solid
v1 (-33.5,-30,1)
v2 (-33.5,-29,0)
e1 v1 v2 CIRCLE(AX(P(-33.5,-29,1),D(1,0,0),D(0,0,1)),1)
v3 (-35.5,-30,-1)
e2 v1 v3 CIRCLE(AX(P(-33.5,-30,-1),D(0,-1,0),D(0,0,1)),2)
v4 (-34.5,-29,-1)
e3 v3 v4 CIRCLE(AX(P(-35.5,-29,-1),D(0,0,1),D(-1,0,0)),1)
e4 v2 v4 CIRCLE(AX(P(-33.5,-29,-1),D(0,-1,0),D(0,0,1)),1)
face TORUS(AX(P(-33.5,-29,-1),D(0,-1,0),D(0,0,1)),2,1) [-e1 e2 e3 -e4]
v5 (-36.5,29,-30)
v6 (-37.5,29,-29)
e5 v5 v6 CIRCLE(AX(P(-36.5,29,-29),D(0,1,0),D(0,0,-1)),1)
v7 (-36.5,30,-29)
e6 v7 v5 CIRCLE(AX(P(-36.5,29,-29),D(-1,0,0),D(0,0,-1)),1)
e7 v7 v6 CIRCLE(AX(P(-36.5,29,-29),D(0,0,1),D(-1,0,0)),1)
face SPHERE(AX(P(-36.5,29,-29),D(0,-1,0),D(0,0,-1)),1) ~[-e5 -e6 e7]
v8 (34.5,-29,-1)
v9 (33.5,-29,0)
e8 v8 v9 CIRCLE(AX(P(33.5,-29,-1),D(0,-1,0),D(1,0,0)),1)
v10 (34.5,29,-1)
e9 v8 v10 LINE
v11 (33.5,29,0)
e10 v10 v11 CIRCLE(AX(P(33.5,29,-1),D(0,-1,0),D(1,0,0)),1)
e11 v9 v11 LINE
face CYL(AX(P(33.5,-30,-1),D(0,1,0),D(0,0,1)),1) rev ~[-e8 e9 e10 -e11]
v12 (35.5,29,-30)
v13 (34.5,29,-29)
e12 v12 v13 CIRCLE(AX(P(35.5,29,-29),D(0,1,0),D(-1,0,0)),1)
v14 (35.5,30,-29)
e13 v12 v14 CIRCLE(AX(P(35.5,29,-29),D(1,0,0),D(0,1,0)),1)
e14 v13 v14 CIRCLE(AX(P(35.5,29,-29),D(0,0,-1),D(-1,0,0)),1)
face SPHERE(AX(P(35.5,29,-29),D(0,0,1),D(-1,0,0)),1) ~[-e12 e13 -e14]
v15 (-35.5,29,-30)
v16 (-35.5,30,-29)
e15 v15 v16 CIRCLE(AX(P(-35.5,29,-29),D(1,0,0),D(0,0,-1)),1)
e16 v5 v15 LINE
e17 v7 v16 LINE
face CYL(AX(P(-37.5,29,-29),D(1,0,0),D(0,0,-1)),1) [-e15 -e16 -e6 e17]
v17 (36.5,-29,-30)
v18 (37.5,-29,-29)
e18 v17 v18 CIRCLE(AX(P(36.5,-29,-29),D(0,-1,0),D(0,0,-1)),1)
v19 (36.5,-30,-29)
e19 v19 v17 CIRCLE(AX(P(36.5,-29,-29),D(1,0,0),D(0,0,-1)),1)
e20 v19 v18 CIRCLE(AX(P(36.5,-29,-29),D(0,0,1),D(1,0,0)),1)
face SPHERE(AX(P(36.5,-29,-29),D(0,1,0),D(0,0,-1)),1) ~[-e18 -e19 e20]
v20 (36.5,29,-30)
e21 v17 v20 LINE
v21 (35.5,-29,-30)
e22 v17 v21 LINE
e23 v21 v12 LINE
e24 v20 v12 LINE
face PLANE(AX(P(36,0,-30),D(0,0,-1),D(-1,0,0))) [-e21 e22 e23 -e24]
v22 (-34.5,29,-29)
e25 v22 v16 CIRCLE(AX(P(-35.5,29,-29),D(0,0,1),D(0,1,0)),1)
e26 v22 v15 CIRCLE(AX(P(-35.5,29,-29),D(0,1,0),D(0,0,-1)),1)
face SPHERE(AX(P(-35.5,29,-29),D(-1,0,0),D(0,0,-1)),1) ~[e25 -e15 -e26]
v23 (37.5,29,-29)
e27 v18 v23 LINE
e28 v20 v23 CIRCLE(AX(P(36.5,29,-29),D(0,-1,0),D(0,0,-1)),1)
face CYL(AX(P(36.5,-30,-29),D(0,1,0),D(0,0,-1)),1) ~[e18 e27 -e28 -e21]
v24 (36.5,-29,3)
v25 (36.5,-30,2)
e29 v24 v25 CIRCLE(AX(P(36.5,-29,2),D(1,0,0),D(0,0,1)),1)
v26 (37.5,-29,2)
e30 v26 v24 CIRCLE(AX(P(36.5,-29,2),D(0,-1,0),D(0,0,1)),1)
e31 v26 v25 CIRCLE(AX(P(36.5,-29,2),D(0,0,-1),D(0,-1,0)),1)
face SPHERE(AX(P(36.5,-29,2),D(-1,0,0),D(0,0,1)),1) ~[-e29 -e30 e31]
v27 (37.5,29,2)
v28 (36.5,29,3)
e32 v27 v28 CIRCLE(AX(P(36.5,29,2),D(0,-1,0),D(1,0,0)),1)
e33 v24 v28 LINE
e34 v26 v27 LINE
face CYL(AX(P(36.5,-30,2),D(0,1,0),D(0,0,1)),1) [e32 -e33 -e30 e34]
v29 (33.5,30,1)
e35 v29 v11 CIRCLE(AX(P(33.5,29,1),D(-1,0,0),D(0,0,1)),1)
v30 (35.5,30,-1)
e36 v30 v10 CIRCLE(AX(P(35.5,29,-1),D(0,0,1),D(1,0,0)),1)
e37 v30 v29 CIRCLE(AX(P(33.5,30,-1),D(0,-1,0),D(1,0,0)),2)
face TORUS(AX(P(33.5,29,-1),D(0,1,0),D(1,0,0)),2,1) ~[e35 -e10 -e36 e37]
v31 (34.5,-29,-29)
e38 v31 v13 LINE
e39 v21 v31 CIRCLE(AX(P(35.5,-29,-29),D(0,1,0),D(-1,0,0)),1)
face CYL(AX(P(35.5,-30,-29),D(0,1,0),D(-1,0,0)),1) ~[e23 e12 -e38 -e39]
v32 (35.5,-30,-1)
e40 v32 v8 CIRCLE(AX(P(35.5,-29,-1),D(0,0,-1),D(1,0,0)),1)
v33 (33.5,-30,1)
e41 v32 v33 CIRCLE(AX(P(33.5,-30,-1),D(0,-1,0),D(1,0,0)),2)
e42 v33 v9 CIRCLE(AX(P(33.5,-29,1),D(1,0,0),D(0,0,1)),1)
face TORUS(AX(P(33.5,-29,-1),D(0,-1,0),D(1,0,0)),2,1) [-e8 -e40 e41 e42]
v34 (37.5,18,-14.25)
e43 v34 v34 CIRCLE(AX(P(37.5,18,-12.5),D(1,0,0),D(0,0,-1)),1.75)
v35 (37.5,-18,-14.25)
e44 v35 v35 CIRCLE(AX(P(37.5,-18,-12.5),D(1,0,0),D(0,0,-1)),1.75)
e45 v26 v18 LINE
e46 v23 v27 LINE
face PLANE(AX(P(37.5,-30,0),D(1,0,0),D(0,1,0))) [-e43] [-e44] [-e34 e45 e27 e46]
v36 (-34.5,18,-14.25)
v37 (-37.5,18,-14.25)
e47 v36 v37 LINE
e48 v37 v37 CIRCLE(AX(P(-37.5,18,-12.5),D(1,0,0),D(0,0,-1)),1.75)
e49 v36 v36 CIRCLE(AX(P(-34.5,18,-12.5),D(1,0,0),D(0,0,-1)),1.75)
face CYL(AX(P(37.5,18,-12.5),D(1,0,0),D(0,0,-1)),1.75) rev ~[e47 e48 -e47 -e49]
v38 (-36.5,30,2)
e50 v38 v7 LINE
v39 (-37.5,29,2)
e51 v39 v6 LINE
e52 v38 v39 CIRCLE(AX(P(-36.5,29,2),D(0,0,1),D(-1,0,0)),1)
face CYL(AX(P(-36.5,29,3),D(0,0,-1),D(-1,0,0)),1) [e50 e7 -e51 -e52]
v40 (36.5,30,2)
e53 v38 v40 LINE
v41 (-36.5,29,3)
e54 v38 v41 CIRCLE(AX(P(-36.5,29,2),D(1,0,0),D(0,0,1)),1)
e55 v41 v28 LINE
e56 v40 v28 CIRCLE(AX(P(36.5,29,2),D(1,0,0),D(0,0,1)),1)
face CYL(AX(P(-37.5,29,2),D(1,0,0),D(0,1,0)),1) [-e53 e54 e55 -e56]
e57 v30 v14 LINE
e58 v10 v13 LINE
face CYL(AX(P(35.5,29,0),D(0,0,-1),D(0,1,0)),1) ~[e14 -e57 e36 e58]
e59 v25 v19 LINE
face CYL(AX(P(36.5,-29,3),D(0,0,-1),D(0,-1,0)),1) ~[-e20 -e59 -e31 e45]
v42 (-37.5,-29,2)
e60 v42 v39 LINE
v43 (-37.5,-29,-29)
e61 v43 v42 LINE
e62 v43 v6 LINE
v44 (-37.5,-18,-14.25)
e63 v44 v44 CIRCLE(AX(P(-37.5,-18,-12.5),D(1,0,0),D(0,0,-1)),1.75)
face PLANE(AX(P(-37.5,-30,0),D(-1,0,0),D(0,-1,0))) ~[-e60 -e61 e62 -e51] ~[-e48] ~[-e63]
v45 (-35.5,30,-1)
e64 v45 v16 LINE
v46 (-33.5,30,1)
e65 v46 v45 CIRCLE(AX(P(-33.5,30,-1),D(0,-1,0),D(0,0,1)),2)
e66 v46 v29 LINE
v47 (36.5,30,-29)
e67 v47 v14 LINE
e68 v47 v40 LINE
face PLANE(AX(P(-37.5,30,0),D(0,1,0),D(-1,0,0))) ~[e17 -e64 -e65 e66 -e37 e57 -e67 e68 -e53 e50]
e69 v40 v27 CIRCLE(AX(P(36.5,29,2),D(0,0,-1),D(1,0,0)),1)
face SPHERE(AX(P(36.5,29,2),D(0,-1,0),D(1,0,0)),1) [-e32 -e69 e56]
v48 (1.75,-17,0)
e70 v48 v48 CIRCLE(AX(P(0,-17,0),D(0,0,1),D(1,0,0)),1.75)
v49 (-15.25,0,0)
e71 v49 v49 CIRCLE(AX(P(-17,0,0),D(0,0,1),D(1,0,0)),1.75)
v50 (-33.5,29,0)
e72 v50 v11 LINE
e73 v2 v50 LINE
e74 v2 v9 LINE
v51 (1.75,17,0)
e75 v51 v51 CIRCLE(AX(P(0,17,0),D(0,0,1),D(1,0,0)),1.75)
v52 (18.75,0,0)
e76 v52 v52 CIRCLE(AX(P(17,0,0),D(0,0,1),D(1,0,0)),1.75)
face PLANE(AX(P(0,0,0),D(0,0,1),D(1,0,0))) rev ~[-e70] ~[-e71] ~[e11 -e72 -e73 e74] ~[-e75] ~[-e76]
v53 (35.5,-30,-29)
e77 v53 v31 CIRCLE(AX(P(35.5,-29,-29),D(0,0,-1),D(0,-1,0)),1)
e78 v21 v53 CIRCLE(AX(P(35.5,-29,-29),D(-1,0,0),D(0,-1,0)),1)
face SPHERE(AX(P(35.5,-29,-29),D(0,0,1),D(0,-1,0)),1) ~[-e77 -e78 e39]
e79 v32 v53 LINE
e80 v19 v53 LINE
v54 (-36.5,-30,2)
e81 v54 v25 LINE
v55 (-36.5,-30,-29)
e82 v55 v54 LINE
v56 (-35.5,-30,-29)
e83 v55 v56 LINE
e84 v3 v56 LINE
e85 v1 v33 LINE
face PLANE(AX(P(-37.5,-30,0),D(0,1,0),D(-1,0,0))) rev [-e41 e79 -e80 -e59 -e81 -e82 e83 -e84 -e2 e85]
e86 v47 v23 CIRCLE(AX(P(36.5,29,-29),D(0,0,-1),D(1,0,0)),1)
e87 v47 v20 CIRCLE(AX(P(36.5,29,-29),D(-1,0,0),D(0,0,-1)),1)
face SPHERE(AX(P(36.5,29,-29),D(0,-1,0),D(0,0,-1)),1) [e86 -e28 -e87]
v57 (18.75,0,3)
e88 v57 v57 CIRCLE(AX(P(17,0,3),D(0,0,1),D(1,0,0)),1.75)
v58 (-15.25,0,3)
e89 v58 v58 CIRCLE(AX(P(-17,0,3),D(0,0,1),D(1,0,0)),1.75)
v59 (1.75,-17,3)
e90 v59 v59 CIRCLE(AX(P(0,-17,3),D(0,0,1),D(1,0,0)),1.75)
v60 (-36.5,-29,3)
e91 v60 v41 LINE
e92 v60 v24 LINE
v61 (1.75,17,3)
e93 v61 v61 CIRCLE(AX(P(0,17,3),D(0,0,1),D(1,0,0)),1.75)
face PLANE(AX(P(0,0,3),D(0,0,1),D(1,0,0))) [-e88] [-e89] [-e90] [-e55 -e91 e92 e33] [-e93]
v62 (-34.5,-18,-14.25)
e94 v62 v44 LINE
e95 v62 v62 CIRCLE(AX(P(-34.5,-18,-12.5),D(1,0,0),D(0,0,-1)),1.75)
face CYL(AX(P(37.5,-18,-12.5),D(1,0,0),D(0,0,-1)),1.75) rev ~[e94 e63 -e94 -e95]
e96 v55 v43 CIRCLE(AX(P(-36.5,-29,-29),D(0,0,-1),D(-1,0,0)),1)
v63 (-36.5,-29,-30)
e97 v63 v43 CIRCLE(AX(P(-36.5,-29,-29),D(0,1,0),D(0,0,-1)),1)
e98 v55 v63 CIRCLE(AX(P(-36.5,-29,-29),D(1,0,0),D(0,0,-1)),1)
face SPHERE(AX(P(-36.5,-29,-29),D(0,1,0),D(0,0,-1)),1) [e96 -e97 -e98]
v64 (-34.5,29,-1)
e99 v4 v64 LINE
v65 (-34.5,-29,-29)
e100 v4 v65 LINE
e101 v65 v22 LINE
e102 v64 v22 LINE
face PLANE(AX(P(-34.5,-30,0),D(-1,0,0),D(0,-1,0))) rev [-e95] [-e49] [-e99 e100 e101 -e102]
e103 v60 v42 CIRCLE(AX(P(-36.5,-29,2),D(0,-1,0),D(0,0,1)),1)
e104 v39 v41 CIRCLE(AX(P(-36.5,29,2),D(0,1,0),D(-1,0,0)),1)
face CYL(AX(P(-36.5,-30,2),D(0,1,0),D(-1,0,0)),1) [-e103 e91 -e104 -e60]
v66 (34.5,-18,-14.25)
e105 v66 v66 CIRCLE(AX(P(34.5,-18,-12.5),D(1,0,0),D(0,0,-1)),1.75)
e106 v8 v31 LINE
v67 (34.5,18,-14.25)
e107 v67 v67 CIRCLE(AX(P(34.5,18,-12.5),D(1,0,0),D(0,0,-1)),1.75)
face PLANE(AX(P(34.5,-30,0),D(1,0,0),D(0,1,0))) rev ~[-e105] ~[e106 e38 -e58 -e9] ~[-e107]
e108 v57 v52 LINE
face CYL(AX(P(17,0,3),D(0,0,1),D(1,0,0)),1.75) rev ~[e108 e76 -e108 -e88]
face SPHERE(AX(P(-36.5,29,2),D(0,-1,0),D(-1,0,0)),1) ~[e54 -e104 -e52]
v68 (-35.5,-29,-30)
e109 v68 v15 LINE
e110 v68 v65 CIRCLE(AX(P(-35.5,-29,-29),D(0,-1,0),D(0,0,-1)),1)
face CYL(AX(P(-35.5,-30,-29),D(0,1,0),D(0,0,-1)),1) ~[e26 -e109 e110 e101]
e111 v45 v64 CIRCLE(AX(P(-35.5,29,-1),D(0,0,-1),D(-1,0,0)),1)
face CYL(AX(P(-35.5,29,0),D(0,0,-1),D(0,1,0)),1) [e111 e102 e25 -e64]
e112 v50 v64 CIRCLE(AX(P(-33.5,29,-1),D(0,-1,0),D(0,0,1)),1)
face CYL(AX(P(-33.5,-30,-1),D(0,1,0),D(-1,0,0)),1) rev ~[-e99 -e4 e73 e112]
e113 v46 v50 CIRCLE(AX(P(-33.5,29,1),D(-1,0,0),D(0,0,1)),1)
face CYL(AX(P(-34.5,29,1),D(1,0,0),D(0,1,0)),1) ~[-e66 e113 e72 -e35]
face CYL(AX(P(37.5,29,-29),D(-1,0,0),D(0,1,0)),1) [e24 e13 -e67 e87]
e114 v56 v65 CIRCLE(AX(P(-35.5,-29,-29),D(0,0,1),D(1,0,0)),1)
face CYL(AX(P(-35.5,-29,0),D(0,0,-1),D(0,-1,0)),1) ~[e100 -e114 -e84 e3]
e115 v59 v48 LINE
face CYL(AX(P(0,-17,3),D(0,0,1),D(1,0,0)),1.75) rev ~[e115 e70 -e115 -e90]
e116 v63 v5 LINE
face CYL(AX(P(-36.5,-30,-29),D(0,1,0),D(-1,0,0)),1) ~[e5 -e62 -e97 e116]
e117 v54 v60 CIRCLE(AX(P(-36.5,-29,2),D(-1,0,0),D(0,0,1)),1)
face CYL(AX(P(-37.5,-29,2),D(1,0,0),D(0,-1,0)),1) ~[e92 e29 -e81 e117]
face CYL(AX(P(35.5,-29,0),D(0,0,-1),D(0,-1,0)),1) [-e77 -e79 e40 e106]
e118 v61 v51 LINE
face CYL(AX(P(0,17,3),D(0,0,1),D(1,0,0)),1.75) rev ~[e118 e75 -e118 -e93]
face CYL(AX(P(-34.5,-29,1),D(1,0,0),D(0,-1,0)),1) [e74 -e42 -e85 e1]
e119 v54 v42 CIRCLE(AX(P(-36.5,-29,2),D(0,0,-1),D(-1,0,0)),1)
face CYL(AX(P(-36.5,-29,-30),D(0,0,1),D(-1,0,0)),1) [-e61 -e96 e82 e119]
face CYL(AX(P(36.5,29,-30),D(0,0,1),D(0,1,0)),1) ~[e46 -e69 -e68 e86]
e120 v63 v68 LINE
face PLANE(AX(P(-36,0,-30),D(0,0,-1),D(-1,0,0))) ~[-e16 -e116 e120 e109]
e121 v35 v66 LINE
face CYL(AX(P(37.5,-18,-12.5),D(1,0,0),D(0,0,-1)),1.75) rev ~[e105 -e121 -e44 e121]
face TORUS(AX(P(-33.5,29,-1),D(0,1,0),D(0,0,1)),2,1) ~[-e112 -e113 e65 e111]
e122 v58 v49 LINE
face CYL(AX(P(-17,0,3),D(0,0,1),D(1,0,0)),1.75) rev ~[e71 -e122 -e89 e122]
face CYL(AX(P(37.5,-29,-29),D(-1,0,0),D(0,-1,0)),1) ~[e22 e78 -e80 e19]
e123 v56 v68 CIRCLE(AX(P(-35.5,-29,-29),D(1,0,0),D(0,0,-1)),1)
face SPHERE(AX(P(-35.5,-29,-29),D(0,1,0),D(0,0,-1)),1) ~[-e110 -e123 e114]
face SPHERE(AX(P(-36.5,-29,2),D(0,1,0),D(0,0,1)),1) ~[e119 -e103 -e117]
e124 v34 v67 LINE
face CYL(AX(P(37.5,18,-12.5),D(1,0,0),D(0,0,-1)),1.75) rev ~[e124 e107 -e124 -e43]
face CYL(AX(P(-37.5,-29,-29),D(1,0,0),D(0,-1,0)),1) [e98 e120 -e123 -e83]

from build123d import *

# Parameters (mm, degrees)
SKETCH1_W           = 75
SKETCH1_H           = 60
BOSS_EXTRUDE1_DEPTH = 3
SKETCH2_W           = 3
SKETCH2_H           = 60
BOSS_EXTRUDE2_DEPTH = 30
SKETCH3_R           = 1.75
CUT_EXTRUDE1_DEPTH  = 30
FILLET1_R           = 1
SKETCH4_R           = 1.75
CUT_EXTRUDE2_DEPTH  = 87.168439698


with BuildPart() as part:
    # Sketch1 → Boss-Extrude1 (new body)
    with BuildSketch(Plane.XY):
        Rectangle(SKETCH1_W, SKETCH1_H)
    extrude(amount=BOSS_EXTRUDE1_DEPTH)

    # Sketch2 → Boss-Extrude2 (add)
    with BuildSketch(Plane(origin=(0, 0, 0), x_dir=(-1, 0, 0), z_dir=(0, 0, -1))):
        with Locations((-36, 0)):
            Rectangle(SKETCH2_W, SKETCH2_H)
    boss_extrude2 = extrude(amount=BOSS_EXTRUDE2_DEPTH)

    # Mirror1: Boss-Extrude2 across plane
    add(boss_extrude2.mirror(Plane(origin=(0, 0, 0), x_dir=(0, 0, 1), z_dir=(1, 0, 0))))

    # Sketch3 → Cut-Extrude1 (cut)
    with BuildSketch(Plane.XY.offset(3)):
        with Locations((0, 17)):
            Circle(SKETCH3_R)
        with Locations((17, 0)):
            Circle(SKETCH3_R)
        with Locations((0, -17)):
            Circle(SKETCH3_R)
        with Locations((-17, 0)):
            Circle(SKETCH3_R)
    extrude(amount=-CUT_EXTRUDE1_DEPTH, mode=Mode.SUBTRACT)

    # Fillet1
    fillet1_edges = [part.edges().sort_by_distance(p)[0] for p in [
        (-37.5, 0, 3),
        (0, 30, 0),
        (34.5, 0, 0),
        (34.5, -30, -15),
        (34.5, 30, -15),
        (37.5, 0, -30),
        (0, -30, 3),
        (36, -30, -30),
        (34.5, 0, -30),
        (36, 30, -30),
        (0, -30, 0),
        (-37.5, 0, -30),
        (-36, 30, -30),
        (-34.5, 0, -30),
        (-34.5, 30, -15),
        (-36, -30, -30),
        (-34.5, -30, -15),
        (-34.5, 0, 0),
        (37.5, 0, 3),
        (37.5, -30, -13.5),
        (-37.5, -30, -13.5),
        (-37.5, 30, -13.5),
        (37.5, 30, -13.5),
        (0, 30, 3),
    ]]
    fillet(fillet1_edges, radius=FILLET1_R)

    # Sketch4 → Cut-Extrude2 (cut, through all)
    with BuildSketch(Plane(origin=(37.5, 0, 0), x_dir=(0, 0, -1), z_dir=(1, 0, 0))):
        with Locations((12.5, 18)):
            Circle(SKETCH4_R)
        with Locations((12.5, -18)):
            Circle(SKETCH4_R)
    extrude(amount=-CUT_EXTRUDE2_DEPTH, mode=Mode.SUBTRACT)


solid = part.part
